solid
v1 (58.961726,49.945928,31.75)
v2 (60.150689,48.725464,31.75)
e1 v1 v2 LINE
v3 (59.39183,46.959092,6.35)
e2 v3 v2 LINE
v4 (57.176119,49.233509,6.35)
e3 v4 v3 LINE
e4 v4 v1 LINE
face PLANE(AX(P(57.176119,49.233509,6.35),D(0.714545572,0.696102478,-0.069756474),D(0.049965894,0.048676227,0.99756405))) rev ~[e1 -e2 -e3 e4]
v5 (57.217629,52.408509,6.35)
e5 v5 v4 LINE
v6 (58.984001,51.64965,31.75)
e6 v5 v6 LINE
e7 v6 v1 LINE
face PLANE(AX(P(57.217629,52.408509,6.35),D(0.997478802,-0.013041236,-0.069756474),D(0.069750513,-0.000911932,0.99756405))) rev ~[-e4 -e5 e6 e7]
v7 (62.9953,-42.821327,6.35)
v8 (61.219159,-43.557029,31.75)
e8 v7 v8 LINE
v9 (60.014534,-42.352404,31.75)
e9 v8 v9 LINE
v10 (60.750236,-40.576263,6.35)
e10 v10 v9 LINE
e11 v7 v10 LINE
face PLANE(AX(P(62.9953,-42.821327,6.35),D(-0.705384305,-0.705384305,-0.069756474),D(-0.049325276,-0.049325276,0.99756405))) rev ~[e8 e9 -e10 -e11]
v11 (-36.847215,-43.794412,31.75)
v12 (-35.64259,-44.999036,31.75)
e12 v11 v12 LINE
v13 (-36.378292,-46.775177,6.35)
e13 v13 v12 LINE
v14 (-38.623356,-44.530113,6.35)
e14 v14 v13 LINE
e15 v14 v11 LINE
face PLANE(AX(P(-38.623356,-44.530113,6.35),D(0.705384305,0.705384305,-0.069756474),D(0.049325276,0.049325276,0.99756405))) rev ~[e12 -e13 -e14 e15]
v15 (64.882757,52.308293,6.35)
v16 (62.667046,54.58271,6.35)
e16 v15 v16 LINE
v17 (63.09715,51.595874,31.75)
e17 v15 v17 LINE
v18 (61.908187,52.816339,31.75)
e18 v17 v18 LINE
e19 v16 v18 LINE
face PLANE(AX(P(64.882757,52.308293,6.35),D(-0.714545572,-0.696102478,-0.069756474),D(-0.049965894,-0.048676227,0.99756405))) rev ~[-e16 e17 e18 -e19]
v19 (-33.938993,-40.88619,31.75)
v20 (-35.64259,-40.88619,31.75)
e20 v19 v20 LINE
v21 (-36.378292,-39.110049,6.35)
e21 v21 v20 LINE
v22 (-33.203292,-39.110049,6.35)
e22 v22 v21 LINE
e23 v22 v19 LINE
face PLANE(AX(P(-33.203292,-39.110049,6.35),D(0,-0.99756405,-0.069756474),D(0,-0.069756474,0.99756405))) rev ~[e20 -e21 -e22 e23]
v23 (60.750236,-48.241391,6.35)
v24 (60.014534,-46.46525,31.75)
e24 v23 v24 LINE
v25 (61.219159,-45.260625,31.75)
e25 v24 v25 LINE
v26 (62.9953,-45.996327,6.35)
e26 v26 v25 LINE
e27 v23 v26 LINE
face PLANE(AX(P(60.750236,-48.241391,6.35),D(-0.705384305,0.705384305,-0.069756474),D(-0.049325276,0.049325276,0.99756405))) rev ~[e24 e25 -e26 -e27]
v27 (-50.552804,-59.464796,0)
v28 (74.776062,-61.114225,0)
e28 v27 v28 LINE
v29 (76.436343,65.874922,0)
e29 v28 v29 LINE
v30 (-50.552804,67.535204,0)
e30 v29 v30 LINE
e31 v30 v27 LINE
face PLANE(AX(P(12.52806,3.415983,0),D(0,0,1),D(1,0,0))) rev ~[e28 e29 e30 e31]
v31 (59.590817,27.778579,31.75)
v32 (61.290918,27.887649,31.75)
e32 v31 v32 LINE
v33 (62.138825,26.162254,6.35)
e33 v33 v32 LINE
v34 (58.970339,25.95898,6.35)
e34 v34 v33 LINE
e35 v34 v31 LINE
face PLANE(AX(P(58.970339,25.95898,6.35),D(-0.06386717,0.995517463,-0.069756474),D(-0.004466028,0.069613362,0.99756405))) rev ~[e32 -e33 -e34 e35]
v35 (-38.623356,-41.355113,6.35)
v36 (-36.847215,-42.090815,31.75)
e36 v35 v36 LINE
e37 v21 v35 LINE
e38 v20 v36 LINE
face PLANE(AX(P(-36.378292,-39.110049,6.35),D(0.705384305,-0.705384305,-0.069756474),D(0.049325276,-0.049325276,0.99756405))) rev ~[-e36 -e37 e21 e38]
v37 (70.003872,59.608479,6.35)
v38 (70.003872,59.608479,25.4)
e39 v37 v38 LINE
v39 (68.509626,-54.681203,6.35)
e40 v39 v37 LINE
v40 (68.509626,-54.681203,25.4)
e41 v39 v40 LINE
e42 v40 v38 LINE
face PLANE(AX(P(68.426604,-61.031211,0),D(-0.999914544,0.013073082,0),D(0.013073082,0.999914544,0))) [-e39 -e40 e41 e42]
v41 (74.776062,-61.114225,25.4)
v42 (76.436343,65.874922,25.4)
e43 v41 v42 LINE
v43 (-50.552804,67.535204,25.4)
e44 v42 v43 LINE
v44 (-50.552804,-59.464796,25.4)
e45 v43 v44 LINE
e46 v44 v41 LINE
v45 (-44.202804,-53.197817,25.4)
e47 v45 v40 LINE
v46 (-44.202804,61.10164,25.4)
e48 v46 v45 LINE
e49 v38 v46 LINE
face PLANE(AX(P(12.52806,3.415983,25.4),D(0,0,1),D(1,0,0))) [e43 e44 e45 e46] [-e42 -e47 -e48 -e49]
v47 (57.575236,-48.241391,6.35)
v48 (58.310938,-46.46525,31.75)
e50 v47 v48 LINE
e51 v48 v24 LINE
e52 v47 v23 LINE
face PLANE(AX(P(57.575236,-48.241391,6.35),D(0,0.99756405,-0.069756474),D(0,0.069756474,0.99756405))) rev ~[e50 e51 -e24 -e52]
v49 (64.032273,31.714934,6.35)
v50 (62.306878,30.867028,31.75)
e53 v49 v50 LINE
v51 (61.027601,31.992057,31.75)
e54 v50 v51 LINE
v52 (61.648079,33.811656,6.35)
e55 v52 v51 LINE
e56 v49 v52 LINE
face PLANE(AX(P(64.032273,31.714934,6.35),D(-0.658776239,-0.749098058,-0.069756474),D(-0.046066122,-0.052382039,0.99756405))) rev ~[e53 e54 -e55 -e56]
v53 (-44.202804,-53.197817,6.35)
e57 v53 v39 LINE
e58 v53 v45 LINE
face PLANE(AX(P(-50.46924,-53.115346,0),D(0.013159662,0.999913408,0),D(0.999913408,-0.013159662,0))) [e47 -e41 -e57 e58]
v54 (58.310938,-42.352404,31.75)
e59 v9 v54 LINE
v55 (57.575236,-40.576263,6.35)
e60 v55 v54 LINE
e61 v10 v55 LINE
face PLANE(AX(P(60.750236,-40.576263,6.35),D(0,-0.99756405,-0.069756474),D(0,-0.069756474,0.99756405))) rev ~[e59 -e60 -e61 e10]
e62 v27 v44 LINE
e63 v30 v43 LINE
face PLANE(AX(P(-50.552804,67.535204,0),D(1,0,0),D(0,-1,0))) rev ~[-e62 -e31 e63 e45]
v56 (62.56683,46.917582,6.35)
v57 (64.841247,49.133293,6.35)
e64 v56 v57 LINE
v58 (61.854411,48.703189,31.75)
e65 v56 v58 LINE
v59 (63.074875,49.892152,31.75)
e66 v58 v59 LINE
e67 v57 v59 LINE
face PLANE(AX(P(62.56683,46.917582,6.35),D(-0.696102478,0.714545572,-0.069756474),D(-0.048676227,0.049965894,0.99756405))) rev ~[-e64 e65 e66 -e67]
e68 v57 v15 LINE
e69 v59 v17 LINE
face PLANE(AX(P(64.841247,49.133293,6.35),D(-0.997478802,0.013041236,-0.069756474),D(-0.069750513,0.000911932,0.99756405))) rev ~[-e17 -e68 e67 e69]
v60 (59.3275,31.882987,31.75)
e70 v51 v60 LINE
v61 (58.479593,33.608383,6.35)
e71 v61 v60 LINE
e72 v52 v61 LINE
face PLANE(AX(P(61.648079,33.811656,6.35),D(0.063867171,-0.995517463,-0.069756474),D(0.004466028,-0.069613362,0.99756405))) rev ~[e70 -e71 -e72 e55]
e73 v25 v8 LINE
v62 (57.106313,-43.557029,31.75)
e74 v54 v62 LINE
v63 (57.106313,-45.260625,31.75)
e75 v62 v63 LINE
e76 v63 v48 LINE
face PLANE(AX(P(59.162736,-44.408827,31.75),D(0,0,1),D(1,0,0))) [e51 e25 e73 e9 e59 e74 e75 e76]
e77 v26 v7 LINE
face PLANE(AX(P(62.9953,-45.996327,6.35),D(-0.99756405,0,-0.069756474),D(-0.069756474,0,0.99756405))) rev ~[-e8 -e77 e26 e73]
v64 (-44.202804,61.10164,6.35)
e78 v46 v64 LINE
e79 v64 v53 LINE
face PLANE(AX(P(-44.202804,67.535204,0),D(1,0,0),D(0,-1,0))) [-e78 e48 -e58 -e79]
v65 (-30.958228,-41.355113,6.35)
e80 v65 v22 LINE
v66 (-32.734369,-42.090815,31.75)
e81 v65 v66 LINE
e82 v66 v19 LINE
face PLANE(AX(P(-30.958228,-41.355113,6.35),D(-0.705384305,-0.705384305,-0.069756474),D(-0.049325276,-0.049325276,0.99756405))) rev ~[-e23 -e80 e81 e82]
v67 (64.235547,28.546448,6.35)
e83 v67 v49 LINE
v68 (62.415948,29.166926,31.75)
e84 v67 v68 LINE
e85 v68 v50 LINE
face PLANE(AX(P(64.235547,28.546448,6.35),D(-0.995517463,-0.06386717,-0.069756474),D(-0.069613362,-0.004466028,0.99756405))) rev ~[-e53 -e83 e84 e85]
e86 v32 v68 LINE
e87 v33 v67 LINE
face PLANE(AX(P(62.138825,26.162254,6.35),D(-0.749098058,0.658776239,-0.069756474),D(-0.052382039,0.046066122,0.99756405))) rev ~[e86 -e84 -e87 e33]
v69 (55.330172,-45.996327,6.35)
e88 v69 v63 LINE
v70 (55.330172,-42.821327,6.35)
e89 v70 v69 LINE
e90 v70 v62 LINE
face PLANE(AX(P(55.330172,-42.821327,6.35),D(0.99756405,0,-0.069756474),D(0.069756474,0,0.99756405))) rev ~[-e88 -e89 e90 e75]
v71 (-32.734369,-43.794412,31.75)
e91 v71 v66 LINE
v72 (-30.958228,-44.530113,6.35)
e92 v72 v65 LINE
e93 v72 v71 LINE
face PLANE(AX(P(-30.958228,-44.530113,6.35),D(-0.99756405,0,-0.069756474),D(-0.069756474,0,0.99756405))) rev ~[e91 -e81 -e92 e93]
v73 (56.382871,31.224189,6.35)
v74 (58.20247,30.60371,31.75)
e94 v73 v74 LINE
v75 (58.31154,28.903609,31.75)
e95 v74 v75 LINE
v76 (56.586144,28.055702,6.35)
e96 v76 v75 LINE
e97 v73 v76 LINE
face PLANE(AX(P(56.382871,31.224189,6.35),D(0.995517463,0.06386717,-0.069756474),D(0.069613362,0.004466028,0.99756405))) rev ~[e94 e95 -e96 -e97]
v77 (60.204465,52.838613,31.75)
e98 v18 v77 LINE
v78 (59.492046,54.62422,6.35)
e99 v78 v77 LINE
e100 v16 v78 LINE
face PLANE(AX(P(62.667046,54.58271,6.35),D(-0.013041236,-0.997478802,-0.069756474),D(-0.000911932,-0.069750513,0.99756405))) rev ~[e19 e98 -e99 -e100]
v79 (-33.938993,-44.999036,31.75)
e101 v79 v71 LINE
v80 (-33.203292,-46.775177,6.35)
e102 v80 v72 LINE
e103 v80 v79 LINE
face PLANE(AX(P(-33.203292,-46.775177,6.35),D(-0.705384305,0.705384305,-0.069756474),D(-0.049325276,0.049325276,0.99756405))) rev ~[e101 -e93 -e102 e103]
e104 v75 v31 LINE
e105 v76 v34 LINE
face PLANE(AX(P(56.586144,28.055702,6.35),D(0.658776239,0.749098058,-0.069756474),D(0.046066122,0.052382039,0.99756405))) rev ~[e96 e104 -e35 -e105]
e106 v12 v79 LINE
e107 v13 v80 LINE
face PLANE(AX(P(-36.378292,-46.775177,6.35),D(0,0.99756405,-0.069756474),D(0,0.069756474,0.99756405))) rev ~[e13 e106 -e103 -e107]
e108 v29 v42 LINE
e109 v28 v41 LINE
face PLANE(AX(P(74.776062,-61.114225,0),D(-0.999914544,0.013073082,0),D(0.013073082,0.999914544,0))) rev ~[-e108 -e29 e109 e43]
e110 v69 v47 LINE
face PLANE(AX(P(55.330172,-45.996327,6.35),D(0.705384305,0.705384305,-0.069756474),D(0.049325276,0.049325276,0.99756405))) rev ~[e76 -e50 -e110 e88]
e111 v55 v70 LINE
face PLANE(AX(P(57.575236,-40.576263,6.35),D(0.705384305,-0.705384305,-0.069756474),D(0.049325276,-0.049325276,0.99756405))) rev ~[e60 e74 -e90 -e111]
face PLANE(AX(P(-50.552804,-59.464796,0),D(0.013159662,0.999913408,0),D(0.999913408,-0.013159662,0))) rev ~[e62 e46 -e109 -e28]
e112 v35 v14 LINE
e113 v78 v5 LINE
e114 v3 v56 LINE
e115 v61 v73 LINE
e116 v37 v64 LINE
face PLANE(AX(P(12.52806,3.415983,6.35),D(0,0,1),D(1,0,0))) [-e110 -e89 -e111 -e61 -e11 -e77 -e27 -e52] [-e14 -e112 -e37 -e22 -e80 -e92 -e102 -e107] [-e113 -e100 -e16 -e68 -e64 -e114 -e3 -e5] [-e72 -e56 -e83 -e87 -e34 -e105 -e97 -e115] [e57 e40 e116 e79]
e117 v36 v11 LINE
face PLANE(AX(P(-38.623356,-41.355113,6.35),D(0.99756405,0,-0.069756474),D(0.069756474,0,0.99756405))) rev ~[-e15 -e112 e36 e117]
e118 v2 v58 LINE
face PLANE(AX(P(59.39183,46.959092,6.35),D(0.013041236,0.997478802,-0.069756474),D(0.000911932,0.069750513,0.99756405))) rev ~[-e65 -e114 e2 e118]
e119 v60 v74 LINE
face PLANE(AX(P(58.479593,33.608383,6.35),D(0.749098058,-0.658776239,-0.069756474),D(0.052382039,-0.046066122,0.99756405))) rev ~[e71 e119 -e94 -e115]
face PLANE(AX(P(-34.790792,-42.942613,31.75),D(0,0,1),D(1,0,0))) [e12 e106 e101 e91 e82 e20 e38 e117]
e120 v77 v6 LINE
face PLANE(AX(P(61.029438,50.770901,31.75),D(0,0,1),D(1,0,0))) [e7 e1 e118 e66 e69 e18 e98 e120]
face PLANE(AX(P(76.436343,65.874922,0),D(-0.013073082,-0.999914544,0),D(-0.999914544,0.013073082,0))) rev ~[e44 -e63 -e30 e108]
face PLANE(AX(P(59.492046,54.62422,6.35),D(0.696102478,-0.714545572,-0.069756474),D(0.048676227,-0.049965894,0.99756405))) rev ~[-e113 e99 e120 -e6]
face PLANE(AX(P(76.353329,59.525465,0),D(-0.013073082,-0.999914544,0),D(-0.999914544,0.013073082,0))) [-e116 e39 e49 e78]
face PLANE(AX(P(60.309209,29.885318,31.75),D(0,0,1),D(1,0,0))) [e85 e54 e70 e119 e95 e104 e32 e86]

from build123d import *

# Parameters (mm, degrees)
F1_DEPTH  = 25.4
F2_T      = -6.35
F4_DEPTH  = 25.4
F4_TAPER  = 4
F6_DEPTH  = 25.4
F6_TAPER  = 4
F8_DEPTH  = 25.4
F8_TAPER  = 4
F10_DEPTH = 25.4
F10_TAPER = 4


with BuildPart() as f1:
    # F0 (on Top) → F1 (new body)
    with BuildSketch(Plane.XY):
        Polygon((-50.552804023, 67.5352037176), (-50.552804023, -59.4647962824), (74.7760616566, -61.1142246816), (76.4363430164, 65.8749223579), align=None)
    extrude(amount=F1_DEPTH)

    # F2
    f2_openings = [f1.faces().sort_by_distance(p)[0] for p in [
        (12.528514, 3.347032, 25.4),
    ]]
    offset(amount=F2_T, openings=f2_openings)

    # F3 (on face) → F4 (join)
    with BuildSketch(Plane.XY.offset(6.35)):
        Polygon((57.2176291898, 52.4085088478), (57.1761186085, 49.2335088478), (59.3918302252, 46.959092404), (62.5668302252, 46.9175818226), (64.841246669, 49.1332934393), (64.8827572503, 52.3082934393), (62.6670456336, 54.5827098831), (59.4920456336, 54.6242204645), align=None)
    extrude(amount=F4_DEPTH, taper=F4_TAPER)

    # F5 (on face) → F6 (join)
    with BuildSketch(Plane.XY.offset(6.35)):
        Polygon((-38.6233556014, -41.3551133633), (-38.6233556014, -44.5301133633), (-36.3782915711, -46.7751773935), (-33.2032915711, -46.7751773935), (-30.9582275409, -44.5301133633), (-30.9582275409, -41.3551133633), (-33.2032915711, -39.110049333), (-36.3782915711, -39.110049333), align=None)
    extrude(amount=F6_DEPTH, taper=F6_TAPER)

    # F7 (on face) → F8 (join)
    with BuildSketch(Plane.XY.offset(6.35)):
        Polygon((60.750235939, -40.5762630585), (57.575235939, -40.5762630585), (55.3301719088, -42.8213270888), (55.3301719088, -45.9963270888), (57.575235939, -48.241391119), (60.750235939, -48.241391119), (62.9952999693, -45.9963270888), (62.9952999693, -42.8213270888), align=None)
    extrude(amount=F8_DEPTH, taper=F8_TAPER)

    # F9 (on face) → F10 (join)
    with BuildSketch(Plane.XY.offset(6.35)):
        Polygon((64.0322734141, 31.7149339752), (61.6480793024, 33.811656045), (58.4795930846, 33.6083826148), (56.3828710148, 31.2241885032), (56.586144445, 28.0557022853), (58.9703385566, 25.9589802155), (62.1388247745, 26.1622536457), (64.2355468443, 28.5464477573), align=None)
    extrude(amount=F10_DEPTH, taper=F10_TAPER)


solid = f1.part
